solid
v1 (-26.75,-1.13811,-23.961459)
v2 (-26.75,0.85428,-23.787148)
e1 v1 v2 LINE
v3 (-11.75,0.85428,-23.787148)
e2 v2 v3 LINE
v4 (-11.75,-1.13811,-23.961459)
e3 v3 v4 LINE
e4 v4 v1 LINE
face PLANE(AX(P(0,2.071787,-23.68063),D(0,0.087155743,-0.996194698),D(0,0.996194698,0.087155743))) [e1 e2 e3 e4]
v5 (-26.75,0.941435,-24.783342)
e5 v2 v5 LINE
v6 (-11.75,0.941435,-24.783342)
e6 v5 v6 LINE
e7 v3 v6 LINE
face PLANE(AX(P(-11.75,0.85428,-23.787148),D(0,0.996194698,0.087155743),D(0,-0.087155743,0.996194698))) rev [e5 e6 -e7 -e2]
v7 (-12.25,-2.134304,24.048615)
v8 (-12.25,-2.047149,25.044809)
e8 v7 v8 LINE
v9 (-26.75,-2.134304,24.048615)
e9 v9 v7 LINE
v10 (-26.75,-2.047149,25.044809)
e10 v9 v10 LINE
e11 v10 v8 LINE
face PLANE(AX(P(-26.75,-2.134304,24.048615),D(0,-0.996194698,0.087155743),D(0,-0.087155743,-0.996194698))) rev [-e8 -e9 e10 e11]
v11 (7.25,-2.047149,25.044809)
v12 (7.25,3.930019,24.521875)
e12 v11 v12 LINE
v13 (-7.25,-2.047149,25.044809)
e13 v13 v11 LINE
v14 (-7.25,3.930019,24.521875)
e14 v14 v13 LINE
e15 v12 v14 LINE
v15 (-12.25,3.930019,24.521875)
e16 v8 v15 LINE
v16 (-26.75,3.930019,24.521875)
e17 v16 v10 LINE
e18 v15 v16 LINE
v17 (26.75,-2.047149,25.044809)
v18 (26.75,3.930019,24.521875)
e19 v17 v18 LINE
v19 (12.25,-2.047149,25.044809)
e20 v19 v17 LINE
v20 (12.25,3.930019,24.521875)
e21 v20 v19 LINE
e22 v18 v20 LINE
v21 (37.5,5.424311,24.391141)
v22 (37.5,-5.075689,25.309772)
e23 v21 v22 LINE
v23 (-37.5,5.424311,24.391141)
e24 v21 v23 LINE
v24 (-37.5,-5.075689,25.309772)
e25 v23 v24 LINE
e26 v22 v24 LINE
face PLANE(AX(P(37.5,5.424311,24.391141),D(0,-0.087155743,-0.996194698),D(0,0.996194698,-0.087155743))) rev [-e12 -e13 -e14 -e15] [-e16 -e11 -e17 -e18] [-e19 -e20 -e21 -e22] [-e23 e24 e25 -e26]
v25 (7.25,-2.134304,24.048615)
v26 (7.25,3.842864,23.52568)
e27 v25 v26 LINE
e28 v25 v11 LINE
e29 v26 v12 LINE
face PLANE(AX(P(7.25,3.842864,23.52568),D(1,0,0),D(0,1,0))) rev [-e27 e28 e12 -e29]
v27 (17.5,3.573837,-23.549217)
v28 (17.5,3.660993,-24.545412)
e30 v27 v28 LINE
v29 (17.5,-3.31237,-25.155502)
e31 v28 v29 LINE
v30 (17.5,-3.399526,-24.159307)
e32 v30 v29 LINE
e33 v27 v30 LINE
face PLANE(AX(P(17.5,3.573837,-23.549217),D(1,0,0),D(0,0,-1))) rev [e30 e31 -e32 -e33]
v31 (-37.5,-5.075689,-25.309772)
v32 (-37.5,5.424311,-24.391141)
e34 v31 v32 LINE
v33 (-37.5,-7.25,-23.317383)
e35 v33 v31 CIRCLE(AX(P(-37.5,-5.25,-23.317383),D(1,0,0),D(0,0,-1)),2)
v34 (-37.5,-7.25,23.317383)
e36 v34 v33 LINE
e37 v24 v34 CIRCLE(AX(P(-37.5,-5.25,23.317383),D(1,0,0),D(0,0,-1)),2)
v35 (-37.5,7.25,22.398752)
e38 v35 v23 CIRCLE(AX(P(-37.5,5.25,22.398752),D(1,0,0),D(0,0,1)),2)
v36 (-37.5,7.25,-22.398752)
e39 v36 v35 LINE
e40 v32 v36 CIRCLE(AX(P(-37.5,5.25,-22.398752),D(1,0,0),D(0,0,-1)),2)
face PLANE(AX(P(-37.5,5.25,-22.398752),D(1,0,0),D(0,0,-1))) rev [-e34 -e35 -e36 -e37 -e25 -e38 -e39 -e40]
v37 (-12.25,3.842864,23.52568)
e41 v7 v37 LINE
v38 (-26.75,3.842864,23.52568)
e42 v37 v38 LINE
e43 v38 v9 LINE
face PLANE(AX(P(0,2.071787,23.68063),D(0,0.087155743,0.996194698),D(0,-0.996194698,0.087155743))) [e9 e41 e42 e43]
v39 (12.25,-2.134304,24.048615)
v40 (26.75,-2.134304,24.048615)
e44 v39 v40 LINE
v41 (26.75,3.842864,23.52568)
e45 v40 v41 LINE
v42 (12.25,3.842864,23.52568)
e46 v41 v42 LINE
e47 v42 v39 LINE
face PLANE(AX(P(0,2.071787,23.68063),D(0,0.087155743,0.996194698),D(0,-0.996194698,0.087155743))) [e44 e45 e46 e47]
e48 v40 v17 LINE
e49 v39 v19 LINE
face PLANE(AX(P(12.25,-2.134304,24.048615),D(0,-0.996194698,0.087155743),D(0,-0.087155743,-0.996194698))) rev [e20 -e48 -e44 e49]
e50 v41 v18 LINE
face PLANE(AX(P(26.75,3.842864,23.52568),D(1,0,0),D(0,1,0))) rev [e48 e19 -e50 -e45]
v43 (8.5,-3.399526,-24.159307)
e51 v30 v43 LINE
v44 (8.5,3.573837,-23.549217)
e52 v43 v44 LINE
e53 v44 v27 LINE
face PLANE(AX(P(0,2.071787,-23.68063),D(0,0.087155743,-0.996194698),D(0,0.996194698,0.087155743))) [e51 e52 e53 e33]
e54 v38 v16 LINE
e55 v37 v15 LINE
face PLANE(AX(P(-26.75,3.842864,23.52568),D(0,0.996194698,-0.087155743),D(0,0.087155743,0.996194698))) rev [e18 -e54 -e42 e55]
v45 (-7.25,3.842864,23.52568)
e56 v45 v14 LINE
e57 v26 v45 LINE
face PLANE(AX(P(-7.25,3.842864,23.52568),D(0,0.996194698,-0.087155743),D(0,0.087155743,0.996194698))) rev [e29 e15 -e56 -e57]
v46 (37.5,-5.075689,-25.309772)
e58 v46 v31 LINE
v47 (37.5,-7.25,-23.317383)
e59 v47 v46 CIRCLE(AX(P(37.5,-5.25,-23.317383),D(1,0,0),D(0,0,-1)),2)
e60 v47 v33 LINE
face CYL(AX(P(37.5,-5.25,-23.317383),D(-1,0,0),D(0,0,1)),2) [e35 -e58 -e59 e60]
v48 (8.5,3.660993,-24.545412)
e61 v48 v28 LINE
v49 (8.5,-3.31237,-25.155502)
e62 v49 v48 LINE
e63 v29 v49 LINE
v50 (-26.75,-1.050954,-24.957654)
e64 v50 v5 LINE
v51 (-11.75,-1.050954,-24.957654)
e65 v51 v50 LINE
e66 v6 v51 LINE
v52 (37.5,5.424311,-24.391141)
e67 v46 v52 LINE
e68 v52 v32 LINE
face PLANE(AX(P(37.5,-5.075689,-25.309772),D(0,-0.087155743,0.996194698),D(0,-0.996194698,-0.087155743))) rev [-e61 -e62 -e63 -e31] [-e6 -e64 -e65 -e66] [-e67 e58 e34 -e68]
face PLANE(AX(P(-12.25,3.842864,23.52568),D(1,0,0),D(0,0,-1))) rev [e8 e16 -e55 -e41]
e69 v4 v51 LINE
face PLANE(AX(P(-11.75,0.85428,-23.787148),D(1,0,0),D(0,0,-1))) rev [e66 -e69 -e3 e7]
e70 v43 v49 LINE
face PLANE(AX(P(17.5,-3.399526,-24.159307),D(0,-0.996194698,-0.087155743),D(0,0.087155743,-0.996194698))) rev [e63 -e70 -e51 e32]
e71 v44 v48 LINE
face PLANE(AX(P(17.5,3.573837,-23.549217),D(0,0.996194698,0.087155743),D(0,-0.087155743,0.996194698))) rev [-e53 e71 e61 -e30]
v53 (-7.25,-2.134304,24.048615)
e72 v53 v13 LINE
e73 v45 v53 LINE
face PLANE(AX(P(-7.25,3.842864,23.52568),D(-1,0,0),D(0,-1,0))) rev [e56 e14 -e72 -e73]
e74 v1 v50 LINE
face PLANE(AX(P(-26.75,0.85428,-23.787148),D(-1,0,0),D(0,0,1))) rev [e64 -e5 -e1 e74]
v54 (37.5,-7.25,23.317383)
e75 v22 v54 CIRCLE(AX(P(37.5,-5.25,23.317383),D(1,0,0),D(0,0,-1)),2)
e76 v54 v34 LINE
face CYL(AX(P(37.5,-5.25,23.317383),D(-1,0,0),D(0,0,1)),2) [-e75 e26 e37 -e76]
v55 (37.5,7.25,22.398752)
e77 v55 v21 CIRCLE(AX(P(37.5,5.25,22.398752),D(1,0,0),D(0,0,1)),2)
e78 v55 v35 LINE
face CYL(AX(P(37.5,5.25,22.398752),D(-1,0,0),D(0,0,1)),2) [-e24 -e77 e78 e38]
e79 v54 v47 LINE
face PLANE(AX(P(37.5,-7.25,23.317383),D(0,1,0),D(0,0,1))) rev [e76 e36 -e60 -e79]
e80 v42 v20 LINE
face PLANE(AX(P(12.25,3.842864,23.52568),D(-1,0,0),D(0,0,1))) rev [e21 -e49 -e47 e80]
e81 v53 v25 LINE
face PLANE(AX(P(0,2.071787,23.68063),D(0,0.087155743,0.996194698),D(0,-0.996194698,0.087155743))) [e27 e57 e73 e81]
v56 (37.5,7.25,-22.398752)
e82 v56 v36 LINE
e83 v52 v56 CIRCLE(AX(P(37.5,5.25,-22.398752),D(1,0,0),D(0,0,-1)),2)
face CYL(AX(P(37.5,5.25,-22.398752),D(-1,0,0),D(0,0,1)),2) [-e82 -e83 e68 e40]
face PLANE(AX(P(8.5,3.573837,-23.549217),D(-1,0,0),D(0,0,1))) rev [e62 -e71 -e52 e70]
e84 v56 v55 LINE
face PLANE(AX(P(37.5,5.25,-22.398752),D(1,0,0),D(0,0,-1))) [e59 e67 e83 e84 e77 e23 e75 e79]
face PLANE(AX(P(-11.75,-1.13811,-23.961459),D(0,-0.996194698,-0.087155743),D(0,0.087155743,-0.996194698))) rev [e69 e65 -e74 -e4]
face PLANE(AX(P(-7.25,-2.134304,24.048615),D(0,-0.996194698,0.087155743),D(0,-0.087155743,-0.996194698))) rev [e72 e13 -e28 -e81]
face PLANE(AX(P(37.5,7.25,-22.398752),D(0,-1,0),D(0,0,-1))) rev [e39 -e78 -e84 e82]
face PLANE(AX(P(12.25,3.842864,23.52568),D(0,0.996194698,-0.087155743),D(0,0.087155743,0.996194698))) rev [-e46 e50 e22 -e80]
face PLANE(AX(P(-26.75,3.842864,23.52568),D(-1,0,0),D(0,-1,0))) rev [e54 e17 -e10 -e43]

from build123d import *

# Parameters (mm, degrees)
BOSS_EXTRUDE1_DEPTH = 37.5
SKETCH2_W           = 14.5
SKETCH2_H           = 6
CUT_EXTRUDE1_DEPTH  = 1
SKETCH3_W           = 15
SKETCH3_H           = 2
SKETCH3_W_2         = 9
SKETCH3_H_2         = 7
CUT_EXTRUDE2_DEPTH  = 1


with BuildPart() as part:
    # Sketch1 → Boss-Extrude1 (new, symmetric)
    with BuildSketch(Plane(origin=(0, 0, 0), x_dir=(0, 0, -1), z_dir=(1, 0, 0))):
        with BuildLine():
            Line((-24.391141427, 5.424311485), (-25.309772394, -5.075688515))
            ThreePointArc((-25.309772394, -5.075688515), (-24.791937671, -6.601180415), (-23.317382998, -7.25))
            Line((-23.317382998, -7.25), (23.317382998, -7.25))
            ThreePointArc((23.317382998, -7.25), (24.791937671, -6.601180415), (25.309772394, -5.075688515))
            Line((25.309772394, -5.075688515), (24.391141427, 5.424311485))
            ThreePointArc((24.391141427, 5.424311485), (23.749932446, 6.724554674), (22.398752031, 7.25))
            Line((22.398752031, 7.25), (-22.398752031, 7.25))
            ThreePointArc((-22.398752031, 7.25), (-23.749932446, 6.724554674), (-24.391141427, 5.424311485))
        make_face()
    extrude(amount=BOSS_EXTRUDE1_DEPTH, both=True)

    # Sketch2 → Cut-Extrude1 (cut)
    with BuildSketch(Plane(origin=(0, 2.15894237, 24.676824207), x_dir=(1, 0, 0), z_dir=(0, 0.08715574274765166, 0.9961946980917462))):
        with Locations((-19.5, -1.222157705)):
            Rectangle(SKETCH2_W, SKETCH2_H)
        with Locations((0, -1.222157705)):
            Rectangle(SKETCH2_W, SKETCH2_H)
        with Locations((19.5, -1.222157705)):
            Rectangle(SKETCH2_W, SKETCH2_H)
    extrude(amount=-CUT_EXTRUDE1_DEPTH, mode=Mode.SUBTRACT)

    # Sketch3 → Cut-Extrude2 (cut)
    with BuildSketch(Plane(origin=(0, 2.15894237, -24.676824207), x_dir=(-1, 0, 0), z_dir=(0, 0.08715574274765166, -0.9961946980917462))):
        with Locations((19.25, -2.222157705)):
            Rectangle(SKETCH3_W, SKETCH3_H)
        with Locations((-13, -1.992211852)):
            Rectangle(SKETCH3_W_2, SKETCH3_H_2)
    extrude(amount=-CUT_EXTRUDE2_DEPTH, mode=Mode.SUBTRACT)


solid = part.part
